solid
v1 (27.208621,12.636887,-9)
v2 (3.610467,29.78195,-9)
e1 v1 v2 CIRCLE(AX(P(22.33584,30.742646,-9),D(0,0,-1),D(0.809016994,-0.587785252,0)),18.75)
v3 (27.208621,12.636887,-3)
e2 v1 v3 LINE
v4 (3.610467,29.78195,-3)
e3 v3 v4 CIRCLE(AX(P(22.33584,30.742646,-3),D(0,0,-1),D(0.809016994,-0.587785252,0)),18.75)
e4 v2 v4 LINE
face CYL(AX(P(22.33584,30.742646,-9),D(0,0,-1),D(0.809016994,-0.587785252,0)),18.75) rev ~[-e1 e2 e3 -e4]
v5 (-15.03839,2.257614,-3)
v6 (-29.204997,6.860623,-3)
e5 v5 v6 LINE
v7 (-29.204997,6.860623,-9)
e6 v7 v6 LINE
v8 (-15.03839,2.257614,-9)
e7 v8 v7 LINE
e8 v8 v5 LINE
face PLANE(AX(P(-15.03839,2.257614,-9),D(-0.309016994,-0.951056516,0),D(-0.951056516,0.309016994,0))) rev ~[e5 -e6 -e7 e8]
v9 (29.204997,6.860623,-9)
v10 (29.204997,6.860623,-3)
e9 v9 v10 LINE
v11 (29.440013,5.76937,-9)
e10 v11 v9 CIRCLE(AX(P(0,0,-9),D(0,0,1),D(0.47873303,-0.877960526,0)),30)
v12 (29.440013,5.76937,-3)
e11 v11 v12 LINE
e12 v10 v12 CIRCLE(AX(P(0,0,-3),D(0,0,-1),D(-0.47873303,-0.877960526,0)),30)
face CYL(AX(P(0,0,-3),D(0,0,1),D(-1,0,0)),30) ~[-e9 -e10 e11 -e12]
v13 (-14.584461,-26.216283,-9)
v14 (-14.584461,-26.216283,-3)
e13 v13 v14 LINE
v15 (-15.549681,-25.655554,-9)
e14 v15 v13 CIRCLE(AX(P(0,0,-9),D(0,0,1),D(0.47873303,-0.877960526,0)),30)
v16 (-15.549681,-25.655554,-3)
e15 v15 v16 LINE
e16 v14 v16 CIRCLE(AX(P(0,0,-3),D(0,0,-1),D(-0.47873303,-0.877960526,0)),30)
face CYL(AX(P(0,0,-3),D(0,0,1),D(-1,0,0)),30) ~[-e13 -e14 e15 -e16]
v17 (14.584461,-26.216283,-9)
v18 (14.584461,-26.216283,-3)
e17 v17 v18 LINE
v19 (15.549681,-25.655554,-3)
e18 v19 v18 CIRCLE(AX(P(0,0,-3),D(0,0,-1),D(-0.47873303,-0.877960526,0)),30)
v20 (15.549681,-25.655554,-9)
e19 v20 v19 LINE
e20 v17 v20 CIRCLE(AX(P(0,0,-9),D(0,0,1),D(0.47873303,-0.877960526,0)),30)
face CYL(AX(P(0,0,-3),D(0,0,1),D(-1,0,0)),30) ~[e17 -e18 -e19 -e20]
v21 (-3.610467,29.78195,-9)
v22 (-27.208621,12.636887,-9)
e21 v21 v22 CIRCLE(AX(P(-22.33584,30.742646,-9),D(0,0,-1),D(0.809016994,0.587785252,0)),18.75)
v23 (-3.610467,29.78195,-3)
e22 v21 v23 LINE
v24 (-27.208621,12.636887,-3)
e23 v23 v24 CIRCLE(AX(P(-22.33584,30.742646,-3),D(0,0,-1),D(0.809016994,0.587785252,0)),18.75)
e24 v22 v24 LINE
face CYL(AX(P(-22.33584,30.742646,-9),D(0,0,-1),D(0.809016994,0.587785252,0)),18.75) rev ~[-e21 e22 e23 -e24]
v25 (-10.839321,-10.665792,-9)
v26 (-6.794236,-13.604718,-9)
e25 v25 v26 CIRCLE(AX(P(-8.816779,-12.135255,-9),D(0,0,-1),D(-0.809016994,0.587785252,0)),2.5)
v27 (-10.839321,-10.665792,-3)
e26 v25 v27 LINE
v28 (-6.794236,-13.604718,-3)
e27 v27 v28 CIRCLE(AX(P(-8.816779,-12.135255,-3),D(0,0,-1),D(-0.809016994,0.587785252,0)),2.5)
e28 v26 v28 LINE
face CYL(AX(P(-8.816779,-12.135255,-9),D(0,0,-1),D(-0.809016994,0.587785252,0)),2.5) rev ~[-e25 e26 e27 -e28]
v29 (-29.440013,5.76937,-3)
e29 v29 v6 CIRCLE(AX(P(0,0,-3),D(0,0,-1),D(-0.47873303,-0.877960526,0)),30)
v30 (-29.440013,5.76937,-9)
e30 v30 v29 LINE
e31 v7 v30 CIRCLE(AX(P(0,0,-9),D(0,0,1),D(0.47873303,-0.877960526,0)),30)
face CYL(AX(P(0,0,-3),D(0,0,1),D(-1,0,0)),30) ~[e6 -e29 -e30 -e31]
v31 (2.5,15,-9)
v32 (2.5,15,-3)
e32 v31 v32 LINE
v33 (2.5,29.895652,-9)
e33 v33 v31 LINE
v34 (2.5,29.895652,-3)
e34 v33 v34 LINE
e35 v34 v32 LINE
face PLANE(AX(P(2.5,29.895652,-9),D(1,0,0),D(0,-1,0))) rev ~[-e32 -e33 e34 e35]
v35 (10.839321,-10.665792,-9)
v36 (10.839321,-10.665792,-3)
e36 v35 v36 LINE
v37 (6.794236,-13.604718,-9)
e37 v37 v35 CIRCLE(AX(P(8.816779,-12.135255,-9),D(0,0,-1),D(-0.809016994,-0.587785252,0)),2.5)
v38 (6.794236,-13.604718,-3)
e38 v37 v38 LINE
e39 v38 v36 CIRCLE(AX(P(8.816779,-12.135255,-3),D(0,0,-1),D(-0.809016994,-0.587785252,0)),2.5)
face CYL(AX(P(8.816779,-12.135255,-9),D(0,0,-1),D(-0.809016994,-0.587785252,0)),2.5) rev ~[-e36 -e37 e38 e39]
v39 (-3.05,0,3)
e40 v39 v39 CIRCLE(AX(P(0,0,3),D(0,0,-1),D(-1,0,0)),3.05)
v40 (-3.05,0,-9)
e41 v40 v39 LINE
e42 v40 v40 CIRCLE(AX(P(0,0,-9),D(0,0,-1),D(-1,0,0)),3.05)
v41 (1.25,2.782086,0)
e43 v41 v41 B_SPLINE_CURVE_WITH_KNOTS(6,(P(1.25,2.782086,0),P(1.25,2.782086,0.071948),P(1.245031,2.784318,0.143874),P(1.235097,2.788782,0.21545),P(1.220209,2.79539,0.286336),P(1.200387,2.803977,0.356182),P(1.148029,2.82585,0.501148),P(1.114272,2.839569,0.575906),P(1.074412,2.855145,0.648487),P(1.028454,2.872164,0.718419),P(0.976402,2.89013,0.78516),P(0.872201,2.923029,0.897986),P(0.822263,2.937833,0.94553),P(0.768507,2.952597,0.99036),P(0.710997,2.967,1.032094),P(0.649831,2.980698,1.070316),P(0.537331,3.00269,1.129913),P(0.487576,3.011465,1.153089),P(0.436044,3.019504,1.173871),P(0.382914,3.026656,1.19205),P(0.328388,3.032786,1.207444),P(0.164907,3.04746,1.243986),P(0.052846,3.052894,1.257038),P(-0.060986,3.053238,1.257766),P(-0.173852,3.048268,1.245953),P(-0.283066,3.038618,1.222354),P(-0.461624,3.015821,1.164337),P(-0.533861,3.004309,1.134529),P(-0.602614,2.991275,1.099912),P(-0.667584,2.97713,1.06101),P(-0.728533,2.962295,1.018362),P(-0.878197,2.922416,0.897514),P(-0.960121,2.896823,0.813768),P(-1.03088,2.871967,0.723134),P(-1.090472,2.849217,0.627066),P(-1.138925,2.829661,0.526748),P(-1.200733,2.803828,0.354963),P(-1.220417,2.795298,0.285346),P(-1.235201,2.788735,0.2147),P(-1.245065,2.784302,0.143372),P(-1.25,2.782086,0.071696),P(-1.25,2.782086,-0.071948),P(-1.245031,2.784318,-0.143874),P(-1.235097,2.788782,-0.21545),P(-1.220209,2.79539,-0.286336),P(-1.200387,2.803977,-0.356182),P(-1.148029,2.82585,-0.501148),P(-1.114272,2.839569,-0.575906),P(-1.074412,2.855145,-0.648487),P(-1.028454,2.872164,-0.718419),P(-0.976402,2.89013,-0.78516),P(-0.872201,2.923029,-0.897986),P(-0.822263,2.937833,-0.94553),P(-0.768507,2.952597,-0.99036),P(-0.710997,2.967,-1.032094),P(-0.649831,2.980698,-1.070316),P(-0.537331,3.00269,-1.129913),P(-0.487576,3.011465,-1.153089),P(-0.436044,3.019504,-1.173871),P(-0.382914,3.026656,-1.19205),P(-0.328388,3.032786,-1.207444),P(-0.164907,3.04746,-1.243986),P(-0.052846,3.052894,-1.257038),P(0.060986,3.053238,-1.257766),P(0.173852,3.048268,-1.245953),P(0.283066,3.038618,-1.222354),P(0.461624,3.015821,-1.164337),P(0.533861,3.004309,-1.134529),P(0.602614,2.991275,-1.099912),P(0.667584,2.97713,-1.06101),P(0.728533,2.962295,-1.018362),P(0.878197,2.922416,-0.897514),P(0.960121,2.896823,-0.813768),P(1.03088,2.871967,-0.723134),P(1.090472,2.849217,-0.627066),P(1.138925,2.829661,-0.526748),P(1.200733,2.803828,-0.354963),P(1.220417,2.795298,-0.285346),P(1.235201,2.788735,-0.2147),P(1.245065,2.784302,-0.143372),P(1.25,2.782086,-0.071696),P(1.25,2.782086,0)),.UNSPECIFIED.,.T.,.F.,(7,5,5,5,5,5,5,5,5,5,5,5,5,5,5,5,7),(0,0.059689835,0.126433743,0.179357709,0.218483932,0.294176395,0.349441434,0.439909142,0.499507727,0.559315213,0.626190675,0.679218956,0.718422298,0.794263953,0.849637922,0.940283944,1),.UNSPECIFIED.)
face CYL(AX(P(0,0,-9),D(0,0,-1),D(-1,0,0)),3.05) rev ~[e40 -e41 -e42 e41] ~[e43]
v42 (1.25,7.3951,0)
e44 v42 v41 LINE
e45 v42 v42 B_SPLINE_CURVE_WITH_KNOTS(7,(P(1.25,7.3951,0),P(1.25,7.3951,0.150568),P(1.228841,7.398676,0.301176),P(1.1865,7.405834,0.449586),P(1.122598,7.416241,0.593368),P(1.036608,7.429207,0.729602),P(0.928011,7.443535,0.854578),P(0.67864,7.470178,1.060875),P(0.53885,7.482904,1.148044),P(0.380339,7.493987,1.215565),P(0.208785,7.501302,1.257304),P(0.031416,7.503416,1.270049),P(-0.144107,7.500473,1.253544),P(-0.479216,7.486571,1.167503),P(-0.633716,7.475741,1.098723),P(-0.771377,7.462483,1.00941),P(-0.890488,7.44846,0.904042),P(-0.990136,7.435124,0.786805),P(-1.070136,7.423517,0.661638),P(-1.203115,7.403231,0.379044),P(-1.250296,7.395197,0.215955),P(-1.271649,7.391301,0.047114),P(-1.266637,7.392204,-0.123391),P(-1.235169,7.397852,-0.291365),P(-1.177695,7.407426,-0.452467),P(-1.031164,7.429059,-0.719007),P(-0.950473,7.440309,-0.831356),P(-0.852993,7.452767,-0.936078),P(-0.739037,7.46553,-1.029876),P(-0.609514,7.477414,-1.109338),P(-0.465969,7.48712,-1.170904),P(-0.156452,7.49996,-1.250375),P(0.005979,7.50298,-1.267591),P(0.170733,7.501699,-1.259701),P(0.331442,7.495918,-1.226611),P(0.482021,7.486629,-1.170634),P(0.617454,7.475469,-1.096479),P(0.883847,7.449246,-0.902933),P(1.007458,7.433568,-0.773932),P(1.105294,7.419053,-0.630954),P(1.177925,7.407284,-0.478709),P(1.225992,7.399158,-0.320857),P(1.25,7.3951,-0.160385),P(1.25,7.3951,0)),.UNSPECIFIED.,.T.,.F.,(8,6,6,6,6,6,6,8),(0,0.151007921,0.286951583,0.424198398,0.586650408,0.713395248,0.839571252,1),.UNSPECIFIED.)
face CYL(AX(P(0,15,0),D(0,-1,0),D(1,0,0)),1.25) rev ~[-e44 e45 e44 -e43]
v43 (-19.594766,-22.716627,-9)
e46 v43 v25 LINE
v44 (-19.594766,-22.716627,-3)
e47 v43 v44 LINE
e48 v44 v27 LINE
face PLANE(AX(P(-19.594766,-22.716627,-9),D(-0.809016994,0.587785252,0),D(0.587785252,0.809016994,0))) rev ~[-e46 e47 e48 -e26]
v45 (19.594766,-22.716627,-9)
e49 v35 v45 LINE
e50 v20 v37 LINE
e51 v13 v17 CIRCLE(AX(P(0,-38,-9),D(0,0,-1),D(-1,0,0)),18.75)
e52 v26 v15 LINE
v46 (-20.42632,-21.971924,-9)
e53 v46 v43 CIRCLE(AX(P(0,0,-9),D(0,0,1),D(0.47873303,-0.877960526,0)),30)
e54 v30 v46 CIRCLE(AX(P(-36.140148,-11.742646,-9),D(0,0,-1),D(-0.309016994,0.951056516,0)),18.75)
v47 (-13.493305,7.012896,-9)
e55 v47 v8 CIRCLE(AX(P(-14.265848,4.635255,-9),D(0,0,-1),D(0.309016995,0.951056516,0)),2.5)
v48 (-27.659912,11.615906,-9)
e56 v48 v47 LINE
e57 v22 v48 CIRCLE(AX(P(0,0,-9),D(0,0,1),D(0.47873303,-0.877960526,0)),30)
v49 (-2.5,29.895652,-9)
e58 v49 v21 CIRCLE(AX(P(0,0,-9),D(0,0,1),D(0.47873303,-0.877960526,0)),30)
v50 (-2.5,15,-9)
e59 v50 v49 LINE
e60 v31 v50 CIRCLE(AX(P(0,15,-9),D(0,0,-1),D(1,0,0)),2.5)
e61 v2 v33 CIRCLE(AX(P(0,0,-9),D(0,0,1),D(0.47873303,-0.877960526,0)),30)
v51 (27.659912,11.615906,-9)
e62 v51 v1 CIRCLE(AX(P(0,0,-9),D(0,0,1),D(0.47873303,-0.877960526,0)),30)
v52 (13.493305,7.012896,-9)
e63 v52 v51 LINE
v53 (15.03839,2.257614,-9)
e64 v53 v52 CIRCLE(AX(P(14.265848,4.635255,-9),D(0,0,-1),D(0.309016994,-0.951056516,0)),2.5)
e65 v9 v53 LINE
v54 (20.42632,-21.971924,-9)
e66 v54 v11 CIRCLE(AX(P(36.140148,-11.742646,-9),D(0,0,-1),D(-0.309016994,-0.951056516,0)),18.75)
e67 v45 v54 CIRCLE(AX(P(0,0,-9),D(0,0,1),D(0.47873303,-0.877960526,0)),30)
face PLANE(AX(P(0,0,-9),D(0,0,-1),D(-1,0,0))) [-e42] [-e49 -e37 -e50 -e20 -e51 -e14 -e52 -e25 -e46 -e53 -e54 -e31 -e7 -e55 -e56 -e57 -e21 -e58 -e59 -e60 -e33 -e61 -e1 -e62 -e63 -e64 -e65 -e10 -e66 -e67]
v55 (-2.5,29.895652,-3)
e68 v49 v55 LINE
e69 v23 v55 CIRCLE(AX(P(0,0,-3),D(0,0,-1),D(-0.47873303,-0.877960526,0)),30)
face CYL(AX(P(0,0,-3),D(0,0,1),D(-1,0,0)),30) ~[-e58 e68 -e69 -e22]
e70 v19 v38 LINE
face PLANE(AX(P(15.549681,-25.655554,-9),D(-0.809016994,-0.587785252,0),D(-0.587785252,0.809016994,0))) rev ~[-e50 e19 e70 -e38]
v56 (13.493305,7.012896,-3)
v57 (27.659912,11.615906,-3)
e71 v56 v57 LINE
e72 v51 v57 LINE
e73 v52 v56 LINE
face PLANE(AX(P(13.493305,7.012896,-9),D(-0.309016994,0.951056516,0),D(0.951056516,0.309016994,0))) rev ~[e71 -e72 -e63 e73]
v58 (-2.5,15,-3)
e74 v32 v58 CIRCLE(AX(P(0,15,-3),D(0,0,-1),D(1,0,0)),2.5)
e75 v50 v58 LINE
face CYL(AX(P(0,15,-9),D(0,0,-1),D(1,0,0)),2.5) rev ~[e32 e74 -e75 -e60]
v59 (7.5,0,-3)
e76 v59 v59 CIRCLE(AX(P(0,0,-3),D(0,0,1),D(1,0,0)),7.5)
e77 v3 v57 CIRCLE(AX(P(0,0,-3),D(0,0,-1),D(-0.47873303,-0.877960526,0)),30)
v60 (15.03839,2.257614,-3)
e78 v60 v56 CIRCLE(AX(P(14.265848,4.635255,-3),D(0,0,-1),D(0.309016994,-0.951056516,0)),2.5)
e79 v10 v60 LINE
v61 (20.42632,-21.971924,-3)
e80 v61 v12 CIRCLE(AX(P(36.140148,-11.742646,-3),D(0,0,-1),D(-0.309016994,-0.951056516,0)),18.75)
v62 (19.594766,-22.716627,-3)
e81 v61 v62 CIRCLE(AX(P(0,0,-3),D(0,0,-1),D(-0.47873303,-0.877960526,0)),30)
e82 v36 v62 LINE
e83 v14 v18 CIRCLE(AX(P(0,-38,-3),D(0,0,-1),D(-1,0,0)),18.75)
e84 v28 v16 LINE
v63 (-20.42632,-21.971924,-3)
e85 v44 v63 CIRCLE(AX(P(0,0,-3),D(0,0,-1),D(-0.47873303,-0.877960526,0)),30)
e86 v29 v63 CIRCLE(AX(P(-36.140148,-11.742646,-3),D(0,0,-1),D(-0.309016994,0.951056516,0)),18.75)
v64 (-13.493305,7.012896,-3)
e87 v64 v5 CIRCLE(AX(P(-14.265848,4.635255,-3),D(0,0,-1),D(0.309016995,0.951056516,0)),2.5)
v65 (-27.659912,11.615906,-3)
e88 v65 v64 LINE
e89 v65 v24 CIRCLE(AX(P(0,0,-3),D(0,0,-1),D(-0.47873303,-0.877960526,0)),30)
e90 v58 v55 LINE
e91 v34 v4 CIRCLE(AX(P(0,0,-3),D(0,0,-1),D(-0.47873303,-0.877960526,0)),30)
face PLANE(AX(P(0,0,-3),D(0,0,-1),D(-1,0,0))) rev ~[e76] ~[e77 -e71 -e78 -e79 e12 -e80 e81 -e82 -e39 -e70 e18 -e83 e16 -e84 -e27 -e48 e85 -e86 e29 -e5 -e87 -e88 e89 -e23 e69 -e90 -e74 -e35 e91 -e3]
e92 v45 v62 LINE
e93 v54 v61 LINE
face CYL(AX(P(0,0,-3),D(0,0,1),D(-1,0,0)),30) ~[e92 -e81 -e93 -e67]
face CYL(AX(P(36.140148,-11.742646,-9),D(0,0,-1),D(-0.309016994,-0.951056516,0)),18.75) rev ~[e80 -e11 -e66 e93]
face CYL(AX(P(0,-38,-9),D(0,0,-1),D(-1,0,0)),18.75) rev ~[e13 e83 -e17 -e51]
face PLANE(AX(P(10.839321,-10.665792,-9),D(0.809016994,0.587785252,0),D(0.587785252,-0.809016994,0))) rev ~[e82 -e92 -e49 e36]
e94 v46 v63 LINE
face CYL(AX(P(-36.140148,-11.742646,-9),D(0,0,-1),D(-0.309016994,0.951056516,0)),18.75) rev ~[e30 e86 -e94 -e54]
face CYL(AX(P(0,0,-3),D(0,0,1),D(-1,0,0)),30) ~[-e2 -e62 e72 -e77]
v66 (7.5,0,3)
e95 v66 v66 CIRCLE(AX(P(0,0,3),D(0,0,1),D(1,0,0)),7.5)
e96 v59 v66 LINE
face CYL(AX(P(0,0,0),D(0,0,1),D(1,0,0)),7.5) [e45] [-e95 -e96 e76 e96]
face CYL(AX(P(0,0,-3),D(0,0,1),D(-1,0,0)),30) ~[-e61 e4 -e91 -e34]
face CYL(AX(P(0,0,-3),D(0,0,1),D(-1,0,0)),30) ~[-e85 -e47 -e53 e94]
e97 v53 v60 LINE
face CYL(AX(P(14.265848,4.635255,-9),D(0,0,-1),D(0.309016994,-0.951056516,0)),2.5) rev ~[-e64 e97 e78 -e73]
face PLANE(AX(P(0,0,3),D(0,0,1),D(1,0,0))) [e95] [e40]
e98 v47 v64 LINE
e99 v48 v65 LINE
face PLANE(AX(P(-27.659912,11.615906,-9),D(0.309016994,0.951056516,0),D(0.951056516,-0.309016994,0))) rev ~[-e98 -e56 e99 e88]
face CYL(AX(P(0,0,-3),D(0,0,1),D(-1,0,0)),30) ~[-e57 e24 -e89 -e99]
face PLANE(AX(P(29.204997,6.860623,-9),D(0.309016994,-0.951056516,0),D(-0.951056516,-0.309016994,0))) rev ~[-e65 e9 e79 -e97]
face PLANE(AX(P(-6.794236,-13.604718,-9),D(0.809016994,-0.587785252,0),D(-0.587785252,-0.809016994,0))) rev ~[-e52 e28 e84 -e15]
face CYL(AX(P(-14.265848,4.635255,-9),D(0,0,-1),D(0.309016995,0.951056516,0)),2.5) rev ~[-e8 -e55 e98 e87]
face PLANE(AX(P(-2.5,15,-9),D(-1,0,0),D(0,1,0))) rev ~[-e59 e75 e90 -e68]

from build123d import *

# Parameters (mm, degrees)
SKETCH1_R                 = 7.5
EXTRUDE1_DEPTH            = 3
SKETCH2_R                 = 30
EXTRUDE2_DEPTH            = 6
SKETCH3_R                 = 18.5
CUT_EXTRUDE1_DEPTH        = 45.09081537
CUT_EXTRUDE2_DEPTH        = 45.09081537
SKETCH8_R                 = 18.75
EXTRUDE3_DEPTH            = 45.09081537
CIRPATTERN1_COUNT         = 5
SKETCH5_R                 = 3.05
CUT_EXTRUDE3_DEPTH        = 44.640169222
M3X0_5_TAPPED_HOLE1_D     = 2.5
M3X0_5_TAPPED_HOLE1_DEPTH = 7.5
M3X0_5_TAPPED_HOLE1_TIP   = 0.751075774


with BuildPart() as part:
    # Sketch1 → Extrude1 (new, symmetric)
    with BuildSketch(Plane.XY):
        Circle(SKETCH1_R)
    extrude(amount=EXTRUDE1_DEPTH, both=True)

    # Sketch2 → Extrude2 (add)
    with BuildSketch(Plane(origin=(0, 0, -3), x_dir=(-1, 0, 0), z_dir=(0, 0, -1))):
        Circle(SKETCH2_R)
    extrude(amount=EXTRUDE2_DEPTH)

    # Sketch3 → Cut-Extrude1 (cut, through all)
    with BuildSketch(Plane(origin=(0, 0, -9), x_dir=(-1, 0, 0), z_dir=(0, 0, -1))):
        with Locations((0, -38)):
            Circle(SKETCH3_R)
    cut_extrude1 = extrude(amount=-CUT_EXTRUDE1_DEPTH, mode=Mode.SUBTRACT)

    # Sketch4 → Cut-Extrude2 (cut, through all)
    with BuildSketch(Plane(origin=(0, 0, -9), x_dir=(-1, 0, 0), z_dir=(0, 0, -1))):
        with BuildLine():
            Line((6.794236298, -13.604718046), (15.549680784, -25.655553542))
            ThreePointArc((15.549680784, -25.655553542), (17.633557569, -24.270509831), (19.594765756, -22.71662728))
            Line((19.594765756, -22.71662728), (10.83932127, -10.665791785))
            ThreePointArc((10.83932127, -10.665791785), (7.347315654, -10.11271243), (6.794236298, -13.604718046))
        make_face()
    cut_extrude2 = extrude(amount=-CUT_EXTRUDE2_DEPTH, mode=Mode.SUBTRACT)

    # Sketch8 → Extrude3 (cut, through all)
    with BuildSketch(Plane(origin=(0, 0, -9), x_dir=(-1, 0, 0), z_dir=(0, 0, -1))):
        with Locations((0, -38)):
            Circle(SKETCH8_R)
    extrude3 = extrude(amount=-EXTRUDE3_DEPTH, mode=Mode.SUBTRACT)

    # CirPattern1: Cut-Extrude1, Cut-Extrude2, Extrude3 ×5 about axis
    cirpattern1_axis = Axis((0, 0, -9.6), (0, 0, 1))
    add([cut_extrude1.rotate(cirpattern1_axis, i * 360 / CIRPATTERN1_COUNT) for i in range(1, CIRPATTERN1_COUNT)], mode=Mode.SUBTRACT)
    add([cut_extrude2.rotate(cirpattern1_axis, i * 360 / CIRPATTERN1_COUNT) for i in range(1, CIRPATTERN1_COUNT)], mode=Mode.SUBTRACT)
    add([extrude3.rotate(cirpattern1_axis, i * 360 / CIRPATTERN1_COUNT) for i in range(1, CIRPATTERN1_COUNT)], mode=Mode.SUBTRACT)

    # Sketch5 → Cut-Extrude3 (cut, through all)
    with BuildSketch(Plane(origin=(0, 0, -9), x_dir=(-1, 0, 0), z_dir=(0, 0, -1))):
        Circle(SKETCH5_R)
    extrude(amount=-CUT_EXTRUDE3_DEPTH, mode=Mode.SUBTRACT)

    # M3x0.5 Tapped Hole1
    with Locations(Plane(origin=(0, 7.5, 0), x_dir=(-1, 0, 0), z_dir=(0, 1, 0))):
        with Locations((0, 0)):
            Hole(M3X0_5_TAPPED_HOLE1_D / 2, depth=M3X0_5_TAPPED_HOLE1_DEPTH)
            with Locations((0, 0, -(M3X0_5_TAPPED_HOLE1_DEPTH + M3X0_5_TAPPED_HOLE1_TIP / 2))):  # 118° drill point
                Cone(0, M3X0_5_TAPPED_HOLE1_D / 2, M3X0_5_TAPPED_HOLE1_TIP, mode=Mode.SUBTRACT)


solid = part.part
